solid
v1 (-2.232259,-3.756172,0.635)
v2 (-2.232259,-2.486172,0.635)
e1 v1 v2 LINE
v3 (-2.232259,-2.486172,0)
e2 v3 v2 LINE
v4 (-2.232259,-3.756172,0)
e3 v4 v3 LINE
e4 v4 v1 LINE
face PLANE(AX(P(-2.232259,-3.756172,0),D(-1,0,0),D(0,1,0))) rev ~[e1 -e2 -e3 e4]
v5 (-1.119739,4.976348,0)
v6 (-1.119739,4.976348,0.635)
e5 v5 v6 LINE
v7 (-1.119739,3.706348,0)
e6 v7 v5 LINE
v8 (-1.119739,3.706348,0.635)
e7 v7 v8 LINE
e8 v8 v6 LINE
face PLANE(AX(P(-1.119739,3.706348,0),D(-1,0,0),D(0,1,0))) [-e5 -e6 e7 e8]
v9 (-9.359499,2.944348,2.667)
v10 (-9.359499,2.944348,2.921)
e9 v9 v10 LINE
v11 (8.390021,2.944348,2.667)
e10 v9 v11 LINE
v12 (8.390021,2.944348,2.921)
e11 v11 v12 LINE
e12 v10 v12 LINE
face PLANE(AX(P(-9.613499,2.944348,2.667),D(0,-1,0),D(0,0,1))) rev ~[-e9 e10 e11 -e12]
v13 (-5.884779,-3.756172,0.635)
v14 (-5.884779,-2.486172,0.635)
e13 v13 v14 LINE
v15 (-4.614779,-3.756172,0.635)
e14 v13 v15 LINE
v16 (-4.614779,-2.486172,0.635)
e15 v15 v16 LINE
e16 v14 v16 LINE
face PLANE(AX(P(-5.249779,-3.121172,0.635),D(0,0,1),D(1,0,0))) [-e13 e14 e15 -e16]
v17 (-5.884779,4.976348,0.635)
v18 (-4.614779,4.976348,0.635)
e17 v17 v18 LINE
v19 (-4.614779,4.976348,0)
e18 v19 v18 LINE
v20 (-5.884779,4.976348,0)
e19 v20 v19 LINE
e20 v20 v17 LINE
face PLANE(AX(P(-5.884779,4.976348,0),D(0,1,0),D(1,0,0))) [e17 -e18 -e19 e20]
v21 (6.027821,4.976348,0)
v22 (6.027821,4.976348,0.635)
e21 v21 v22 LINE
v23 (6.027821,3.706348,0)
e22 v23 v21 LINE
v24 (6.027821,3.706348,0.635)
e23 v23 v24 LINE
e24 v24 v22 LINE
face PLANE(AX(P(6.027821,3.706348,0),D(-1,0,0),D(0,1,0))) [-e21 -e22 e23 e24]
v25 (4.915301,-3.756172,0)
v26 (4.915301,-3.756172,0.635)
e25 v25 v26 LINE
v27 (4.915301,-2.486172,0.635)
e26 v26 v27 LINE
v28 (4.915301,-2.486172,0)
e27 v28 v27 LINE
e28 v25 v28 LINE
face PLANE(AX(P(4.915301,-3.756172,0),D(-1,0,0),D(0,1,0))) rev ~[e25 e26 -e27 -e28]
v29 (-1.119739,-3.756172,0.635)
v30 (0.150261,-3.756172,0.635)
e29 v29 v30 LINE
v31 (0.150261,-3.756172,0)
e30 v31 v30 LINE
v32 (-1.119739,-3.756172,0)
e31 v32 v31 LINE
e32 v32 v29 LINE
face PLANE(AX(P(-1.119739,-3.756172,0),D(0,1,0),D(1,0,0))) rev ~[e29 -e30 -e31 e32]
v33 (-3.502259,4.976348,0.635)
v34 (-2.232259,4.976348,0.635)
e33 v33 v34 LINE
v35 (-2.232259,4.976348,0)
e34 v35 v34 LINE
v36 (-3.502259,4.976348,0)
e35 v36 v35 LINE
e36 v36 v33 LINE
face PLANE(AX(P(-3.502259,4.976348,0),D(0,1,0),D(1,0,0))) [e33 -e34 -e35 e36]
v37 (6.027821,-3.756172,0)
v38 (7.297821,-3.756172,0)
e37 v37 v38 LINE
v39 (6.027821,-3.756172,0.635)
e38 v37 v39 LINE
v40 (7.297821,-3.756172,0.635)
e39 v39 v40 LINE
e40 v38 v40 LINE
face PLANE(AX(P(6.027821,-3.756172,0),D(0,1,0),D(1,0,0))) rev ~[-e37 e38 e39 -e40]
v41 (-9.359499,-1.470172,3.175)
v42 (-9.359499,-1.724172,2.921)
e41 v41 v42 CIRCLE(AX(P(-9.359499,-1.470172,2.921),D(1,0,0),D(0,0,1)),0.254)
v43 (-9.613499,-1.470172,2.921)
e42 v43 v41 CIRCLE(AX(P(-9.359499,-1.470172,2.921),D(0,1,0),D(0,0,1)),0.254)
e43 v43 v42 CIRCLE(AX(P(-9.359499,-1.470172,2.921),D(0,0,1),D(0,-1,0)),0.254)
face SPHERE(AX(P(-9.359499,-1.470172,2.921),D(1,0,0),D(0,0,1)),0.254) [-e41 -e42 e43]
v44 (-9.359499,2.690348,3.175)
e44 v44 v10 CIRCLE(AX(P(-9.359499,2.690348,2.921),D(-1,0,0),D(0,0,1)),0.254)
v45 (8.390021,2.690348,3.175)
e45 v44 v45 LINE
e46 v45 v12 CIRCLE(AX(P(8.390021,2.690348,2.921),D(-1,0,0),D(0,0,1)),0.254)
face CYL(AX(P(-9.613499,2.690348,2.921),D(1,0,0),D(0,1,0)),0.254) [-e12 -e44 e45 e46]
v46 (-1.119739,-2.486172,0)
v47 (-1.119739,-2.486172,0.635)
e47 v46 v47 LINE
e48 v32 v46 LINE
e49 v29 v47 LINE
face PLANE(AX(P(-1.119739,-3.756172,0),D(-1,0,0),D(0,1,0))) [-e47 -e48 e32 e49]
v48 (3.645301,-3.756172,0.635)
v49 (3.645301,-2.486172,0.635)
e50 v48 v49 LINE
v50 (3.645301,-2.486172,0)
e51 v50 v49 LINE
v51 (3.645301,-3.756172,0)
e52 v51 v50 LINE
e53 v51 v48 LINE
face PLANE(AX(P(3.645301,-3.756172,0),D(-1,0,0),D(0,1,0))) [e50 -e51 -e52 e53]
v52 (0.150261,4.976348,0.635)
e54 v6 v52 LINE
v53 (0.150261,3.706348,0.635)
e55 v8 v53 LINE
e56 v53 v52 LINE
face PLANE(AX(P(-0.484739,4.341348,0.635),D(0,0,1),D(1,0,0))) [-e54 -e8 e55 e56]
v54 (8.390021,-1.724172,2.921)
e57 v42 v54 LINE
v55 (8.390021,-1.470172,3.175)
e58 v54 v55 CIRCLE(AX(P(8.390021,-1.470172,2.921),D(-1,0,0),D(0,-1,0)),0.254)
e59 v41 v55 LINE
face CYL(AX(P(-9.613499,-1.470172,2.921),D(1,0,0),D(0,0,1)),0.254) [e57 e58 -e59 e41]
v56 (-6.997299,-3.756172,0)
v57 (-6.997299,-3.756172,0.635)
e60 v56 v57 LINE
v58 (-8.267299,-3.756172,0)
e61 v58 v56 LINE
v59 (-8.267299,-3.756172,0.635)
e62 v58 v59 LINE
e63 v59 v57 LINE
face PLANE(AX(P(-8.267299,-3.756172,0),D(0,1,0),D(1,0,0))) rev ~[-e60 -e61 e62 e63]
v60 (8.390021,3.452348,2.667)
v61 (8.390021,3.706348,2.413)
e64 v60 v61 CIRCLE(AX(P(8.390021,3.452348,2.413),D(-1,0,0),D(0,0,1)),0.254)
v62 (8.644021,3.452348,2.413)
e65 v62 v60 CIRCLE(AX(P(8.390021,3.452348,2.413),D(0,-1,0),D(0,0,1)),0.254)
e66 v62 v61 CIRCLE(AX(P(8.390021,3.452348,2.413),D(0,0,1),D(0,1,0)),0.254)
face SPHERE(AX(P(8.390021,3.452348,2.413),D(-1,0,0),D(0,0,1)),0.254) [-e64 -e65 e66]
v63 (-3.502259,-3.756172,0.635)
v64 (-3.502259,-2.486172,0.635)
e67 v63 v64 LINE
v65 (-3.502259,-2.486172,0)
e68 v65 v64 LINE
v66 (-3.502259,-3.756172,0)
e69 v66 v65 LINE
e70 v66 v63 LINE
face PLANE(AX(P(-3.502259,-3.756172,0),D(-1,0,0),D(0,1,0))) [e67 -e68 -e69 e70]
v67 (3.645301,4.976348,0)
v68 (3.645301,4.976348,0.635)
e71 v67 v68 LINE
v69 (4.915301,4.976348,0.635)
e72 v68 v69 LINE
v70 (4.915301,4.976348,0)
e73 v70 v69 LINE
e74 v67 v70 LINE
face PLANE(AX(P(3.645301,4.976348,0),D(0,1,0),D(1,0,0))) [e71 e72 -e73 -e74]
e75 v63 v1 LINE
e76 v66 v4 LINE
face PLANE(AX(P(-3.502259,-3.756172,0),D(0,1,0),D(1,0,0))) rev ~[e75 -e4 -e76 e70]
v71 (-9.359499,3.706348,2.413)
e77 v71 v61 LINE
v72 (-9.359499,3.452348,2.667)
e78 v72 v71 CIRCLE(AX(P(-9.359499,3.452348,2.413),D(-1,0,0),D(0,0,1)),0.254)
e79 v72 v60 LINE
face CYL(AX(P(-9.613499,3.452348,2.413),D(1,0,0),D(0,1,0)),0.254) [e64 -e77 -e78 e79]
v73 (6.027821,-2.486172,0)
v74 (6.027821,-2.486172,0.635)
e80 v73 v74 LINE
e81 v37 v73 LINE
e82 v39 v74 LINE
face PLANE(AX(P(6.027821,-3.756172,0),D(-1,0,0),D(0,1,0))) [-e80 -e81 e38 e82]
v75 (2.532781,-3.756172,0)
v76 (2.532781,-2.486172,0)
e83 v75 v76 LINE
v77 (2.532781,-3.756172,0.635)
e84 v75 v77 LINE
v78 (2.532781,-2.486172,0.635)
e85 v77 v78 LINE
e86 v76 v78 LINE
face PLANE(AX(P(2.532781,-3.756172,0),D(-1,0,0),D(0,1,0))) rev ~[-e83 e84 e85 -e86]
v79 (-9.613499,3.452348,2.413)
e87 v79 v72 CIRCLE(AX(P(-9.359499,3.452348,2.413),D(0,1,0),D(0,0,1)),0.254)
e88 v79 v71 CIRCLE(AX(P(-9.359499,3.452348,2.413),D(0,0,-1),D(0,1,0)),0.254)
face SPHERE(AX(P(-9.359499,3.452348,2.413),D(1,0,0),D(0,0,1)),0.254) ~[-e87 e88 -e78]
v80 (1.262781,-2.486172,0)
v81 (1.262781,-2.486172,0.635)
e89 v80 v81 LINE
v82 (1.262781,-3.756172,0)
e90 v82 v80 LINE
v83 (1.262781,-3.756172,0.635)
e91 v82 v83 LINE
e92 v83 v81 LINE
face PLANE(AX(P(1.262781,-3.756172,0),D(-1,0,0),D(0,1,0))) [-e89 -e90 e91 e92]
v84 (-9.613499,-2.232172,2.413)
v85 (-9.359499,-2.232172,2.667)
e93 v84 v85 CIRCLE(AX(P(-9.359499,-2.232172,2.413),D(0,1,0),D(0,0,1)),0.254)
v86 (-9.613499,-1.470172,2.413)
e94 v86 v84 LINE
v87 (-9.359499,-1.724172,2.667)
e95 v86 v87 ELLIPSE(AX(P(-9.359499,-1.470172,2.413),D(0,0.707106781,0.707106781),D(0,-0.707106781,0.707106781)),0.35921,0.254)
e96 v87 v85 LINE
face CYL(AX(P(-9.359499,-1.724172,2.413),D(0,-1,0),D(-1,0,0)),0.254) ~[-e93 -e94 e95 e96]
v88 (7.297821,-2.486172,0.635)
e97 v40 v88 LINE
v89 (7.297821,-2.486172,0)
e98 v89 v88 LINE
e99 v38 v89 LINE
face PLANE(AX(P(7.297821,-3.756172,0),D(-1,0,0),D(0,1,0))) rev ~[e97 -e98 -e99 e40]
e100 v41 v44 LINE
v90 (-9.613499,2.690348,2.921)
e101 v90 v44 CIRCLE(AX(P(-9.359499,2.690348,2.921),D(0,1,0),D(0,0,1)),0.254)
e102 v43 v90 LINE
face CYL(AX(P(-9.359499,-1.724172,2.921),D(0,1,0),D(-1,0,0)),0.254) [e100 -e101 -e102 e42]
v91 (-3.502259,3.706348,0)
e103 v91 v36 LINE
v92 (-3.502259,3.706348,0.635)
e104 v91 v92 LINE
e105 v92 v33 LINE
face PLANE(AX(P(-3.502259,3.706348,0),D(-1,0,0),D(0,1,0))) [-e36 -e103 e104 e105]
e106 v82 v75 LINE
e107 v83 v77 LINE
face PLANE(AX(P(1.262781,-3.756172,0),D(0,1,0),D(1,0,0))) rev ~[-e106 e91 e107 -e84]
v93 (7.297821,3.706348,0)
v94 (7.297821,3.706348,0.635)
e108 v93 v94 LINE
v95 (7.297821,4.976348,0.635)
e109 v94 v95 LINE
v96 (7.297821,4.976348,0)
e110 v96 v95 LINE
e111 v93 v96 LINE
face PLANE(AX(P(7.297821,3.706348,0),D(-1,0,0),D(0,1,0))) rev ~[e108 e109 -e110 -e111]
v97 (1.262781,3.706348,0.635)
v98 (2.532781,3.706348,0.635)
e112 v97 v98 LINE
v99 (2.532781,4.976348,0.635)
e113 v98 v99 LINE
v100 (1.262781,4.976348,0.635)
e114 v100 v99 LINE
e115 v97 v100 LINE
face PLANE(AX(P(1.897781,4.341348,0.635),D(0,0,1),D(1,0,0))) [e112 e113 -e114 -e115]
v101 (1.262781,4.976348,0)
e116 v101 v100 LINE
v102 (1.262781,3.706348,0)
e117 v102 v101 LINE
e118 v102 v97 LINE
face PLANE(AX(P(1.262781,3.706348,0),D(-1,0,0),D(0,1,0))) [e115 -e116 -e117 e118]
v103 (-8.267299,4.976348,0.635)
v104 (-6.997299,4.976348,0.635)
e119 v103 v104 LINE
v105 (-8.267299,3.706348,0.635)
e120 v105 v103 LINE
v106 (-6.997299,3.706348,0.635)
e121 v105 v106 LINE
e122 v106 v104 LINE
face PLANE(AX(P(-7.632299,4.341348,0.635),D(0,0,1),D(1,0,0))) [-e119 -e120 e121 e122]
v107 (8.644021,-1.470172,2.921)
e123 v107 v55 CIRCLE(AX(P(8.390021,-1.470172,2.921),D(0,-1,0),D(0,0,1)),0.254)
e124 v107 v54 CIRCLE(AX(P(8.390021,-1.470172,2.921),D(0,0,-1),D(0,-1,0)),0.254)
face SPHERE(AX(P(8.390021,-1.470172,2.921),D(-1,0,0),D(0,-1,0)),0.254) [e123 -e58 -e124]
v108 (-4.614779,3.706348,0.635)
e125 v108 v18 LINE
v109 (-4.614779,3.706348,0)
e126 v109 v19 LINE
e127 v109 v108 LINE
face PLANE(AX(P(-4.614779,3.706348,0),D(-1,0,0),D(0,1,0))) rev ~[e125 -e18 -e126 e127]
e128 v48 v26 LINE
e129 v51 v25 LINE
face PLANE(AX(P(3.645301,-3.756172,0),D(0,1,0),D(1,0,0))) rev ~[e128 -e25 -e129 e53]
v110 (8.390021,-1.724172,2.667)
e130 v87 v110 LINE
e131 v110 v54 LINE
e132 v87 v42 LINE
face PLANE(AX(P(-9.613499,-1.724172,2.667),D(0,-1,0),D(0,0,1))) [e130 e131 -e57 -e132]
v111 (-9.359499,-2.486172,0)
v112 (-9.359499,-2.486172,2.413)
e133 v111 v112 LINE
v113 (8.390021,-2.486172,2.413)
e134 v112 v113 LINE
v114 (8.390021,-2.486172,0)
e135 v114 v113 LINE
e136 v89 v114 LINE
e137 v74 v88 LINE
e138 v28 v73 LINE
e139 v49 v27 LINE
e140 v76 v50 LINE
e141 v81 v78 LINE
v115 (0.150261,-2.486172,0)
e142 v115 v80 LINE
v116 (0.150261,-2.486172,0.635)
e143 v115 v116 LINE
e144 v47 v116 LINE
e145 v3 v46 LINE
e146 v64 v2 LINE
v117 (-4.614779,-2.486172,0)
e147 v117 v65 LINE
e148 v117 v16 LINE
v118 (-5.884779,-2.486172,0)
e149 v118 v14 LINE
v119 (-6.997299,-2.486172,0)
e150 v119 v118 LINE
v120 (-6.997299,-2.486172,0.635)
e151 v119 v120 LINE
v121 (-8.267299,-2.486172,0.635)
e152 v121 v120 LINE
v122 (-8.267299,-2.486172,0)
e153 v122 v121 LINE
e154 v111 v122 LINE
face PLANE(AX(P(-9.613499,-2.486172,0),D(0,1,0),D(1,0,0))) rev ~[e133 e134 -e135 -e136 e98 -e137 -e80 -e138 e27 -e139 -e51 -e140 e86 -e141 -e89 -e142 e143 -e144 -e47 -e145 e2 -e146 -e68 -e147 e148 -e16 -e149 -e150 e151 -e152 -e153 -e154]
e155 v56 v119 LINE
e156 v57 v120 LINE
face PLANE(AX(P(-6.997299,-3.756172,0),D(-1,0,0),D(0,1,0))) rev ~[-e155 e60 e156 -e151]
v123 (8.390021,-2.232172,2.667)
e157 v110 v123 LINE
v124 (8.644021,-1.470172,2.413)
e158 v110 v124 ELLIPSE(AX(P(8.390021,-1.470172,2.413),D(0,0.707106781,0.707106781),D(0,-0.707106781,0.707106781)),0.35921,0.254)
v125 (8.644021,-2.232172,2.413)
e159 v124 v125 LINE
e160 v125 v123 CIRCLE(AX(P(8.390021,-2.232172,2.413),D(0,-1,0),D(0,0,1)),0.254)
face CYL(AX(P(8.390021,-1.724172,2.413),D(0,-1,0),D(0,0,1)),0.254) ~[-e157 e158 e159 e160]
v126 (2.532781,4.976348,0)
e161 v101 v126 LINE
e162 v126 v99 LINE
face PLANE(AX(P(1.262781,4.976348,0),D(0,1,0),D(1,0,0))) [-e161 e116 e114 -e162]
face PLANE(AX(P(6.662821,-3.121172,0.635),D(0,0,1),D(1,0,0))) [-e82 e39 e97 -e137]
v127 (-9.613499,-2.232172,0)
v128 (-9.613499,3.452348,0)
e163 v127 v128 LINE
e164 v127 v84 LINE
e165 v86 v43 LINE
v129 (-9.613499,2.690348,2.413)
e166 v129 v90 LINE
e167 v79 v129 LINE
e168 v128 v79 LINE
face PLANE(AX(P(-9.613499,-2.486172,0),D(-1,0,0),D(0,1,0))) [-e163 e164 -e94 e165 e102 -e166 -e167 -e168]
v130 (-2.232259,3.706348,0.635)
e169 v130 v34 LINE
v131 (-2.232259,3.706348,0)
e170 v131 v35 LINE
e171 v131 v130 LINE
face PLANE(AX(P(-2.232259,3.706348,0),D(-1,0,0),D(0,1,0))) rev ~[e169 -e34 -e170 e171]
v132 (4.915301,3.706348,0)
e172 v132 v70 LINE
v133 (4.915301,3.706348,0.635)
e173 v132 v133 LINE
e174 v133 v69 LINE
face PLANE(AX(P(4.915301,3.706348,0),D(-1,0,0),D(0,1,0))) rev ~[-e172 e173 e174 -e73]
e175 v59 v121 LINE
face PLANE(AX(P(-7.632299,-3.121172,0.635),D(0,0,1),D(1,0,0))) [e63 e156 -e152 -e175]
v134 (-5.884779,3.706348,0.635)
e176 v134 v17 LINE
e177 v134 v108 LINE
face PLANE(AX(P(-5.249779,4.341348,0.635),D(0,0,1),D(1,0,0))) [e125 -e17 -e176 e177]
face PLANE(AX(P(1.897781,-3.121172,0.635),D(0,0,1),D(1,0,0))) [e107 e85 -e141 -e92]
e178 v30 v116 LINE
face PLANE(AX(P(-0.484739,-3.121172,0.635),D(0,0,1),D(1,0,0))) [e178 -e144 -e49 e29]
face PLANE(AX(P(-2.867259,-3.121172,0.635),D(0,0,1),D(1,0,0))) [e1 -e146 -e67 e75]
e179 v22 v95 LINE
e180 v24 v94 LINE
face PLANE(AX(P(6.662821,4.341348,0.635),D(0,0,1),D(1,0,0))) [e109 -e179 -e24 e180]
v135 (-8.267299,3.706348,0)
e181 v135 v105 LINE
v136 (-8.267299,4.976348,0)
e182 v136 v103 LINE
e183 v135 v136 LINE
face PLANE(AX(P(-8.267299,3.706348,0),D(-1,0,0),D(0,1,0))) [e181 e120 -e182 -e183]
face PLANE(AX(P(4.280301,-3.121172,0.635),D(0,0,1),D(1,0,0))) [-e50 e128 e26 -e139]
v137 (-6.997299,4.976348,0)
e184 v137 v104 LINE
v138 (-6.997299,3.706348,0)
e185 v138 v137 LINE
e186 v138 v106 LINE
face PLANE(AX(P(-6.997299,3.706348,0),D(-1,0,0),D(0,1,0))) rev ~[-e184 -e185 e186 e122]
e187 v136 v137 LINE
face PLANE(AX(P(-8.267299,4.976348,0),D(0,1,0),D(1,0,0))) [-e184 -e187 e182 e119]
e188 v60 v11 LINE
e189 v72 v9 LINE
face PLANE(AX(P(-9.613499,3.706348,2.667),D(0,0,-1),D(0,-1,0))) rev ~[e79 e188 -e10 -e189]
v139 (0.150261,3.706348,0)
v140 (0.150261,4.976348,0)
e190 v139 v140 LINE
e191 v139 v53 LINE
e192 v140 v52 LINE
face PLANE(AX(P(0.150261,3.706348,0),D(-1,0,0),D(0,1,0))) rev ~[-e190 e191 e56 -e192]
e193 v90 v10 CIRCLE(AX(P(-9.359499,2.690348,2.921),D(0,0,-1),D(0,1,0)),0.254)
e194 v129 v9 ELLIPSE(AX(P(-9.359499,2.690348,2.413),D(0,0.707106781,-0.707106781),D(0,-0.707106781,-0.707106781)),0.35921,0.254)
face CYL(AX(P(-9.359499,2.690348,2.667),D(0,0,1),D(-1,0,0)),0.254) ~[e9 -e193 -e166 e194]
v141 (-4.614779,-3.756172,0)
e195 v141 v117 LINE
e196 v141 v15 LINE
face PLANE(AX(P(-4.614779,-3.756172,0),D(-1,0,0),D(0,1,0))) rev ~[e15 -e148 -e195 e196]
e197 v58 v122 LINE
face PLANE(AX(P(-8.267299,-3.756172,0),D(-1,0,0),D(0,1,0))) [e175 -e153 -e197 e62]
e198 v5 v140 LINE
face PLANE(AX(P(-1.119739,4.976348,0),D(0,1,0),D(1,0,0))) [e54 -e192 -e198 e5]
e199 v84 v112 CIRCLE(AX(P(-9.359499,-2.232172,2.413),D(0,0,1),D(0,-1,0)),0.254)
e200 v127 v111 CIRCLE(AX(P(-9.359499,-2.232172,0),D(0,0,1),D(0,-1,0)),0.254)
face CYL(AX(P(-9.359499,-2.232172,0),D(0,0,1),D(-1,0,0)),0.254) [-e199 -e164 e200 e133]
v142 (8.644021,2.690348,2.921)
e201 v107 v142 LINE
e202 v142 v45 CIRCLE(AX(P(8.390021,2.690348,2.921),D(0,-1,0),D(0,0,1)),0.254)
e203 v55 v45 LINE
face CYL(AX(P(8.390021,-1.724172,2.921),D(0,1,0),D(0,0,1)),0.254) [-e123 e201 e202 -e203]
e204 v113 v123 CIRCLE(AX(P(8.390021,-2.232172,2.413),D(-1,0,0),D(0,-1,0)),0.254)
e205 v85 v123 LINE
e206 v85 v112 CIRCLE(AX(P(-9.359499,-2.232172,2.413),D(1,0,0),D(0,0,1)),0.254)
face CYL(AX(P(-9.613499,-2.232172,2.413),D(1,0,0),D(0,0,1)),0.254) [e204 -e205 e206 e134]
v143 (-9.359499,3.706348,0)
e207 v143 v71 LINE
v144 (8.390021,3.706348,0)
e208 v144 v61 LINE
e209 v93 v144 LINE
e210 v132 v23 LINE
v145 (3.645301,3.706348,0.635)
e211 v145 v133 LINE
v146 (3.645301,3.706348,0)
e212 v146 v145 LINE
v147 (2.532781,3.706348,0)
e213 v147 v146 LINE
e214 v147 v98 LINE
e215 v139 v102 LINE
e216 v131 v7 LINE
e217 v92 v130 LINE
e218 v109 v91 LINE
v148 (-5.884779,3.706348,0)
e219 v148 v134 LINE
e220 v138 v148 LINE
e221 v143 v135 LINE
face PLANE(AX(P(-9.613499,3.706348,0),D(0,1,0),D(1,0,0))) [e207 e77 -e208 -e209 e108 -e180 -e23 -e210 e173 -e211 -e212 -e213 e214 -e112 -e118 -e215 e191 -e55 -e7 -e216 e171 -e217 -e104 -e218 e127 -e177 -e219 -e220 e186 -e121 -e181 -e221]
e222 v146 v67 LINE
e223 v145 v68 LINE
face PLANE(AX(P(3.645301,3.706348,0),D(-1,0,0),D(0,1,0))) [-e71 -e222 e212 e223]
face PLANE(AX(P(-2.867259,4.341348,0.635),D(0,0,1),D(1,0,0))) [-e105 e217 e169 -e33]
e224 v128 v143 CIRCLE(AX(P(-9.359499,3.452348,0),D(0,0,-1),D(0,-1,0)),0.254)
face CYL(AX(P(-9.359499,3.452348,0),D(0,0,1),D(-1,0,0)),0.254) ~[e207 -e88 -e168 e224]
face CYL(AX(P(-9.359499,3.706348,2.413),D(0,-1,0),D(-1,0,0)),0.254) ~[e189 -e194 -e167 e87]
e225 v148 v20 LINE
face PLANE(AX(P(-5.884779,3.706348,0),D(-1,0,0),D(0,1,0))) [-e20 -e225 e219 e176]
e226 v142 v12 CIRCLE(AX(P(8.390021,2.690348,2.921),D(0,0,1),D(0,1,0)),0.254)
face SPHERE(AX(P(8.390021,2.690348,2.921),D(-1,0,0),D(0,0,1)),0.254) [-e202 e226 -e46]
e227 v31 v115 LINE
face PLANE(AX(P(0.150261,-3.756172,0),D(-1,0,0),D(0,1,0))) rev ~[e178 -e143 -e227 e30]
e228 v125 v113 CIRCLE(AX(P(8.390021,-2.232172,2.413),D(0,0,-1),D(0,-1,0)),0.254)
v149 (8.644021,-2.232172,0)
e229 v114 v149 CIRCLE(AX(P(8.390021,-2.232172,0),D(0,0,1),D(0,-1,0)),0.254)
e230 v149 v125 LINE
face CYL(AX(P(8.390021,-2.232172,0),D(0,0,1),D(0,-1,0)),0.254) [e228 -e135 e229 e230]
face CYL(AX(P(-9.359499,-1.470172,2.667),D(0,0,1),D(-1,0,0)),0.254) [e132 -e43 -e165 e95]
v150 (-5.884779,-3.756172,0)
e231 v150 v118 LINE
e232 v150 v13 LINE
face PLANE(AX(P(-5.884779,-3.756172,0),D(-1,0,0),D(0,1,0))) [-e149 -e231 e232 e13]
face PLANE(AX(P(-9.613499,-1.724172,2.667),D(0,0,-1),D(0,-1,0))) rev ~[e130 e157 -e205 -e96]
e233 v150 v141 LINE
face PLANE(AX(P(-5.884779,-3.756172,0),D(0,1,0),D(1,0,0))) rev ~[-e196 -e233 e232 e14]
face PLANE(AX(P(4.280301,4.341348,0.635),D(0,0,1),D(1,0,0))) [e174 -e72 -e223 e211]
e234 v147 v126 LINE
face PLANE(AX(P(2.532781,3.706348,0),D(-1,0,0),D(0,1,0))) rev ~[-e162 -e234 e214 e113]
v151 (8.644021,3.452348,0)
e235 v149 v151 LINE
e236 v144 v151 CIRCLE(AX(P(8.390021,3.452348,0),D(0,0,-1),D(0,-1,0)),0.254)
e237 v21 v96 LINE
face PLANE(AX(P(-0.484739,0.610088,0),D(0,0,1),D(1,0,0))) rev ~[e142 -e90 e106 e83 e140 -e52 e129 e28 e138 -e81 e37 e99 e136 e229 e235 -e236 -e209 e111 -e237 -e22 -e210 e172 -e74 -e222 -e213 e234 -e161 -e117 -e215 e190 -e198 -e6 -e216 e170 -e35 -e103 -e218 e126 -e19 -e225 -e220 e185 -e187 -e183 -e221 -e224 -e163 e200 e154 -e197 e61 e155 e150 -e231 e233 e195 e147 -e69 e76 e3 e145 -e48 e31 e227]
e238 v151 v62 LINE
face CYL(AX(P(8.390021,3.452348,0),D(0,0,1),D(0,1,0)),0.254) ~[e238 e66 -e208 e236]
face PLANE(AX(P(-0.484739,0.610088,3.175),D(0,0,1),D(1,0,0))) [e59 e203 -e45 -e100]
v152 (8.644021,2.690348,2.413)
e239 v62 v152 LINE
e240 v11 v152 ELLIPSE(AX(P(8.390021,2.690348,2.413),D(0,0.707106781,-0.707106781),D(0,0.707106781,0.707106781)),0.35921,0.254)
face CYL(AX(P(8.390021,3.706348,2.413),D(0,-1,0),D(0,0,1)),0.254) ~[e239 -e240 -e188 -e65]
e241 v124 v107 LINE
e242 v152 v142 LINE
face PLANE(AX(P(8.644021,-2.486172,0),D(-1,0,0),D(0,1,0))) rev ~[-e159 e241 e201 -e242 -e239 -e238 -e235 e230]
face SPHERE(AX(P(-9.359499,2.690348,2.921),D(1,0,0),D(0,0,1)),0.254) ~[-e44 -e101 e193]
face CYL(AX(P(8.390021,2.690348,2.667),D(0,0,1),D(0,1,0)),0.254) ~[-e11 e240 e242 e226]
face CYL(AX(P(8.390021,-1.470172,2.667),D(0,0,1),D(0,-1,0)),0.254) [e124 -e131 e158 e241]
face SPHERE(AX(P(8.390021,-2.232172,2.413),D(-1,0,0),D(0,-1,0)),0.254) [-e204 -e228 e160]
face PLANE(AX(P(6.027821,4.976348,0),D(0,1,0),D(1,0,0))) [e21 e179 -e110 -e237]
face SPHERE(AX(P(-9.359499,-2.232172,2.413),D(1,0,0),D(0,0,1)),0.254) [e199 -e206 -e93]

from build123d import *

# Parameters (mm, degrees)
F0_W     = 18.25752
F0_H     = 6.19252
F1_DEPTH = 3.175
F2_W     = 1.27
F2_H     = 1.27
F3_DEPTH = 0.635
F5_W     = 0.762
F5_H     = 0.508
F6_DEPTH = 25.4
F7_R     = 0.254


with BuildPart() as f1:
    # F0 (on Top) → F1 (new body)
    with BuildSketch(Plane.XY):
        with Locations((-0.4847390454, 0.6100881006)):
            Rectangle(F0_W, F0_H)
    extrude(amount=F1_DEPTH)

    # F2 (on Top) → F3 (join)
    with BuildSketch(Plane.XY):
        with Locations((-7.6322990454, 4.3413481006)):
            Rectangle(F2_W, F2_H)
        with Locations((-5.2497790454, 4.3413481006)):
            Rectangle(F2_W, F2_H)
        with Locations((-2.8672590454, 4.3413481006)):
            Rectangle(F2_W, F2_H)
        with Locations((-0.4847390454, 4.3413481006)):
            Rectangle(F2_W, F2_H)
        with Locations((1.8977809546, 4.3413481006)):
            Rectangle(F2_W, F2_H)
        with Locations((4.2803009546, 4.3413481006)):
            Rectangle(F2_W, F2_H)
        with Locations((6.6628209546, 4.3413481006)):
            Rectangle(F2_W, F2_H)
        with Locations((-7.6322990454, -3.1211718994)):
            Rectangle(F2_W, F2_H)
        with Locations((-5.2497790454, -3.1211718994)):
            Rectangle(F2_W, F2_H)
        with Locations((-2.8672590454, -3.1211718994)):
            Rectangle(F2_W, F2_H)
        with Locations((-0.4847390454, -3.1211718994)):
            Rectangle(F2_W, F2_H)
        with Locations((1.8977809546, -3.1211718994)):
            Rectangle(F2_W, F2_H)
        with Locations((4.2803009546, -3.1211718994)):
            Rectangle(F2_W, F2_H)
        with Locations((6.6628209546, -3.1211718994)):
            Rectangle(F2_W, F2_H)
    extrude(amount=F3_DEPTH)

    # F5 (on face) → F6 (cut)
    with BuildSketch(Plane(origin=(-9.6134990454, 0, 0), x_dir=(0, -1, 0), z_dir=(-1, 0, 0))):
        with Locations((-3.3253481006, 2.921)):
            Rectangle(F5_W, F5_H)
        with Locations((2.1051718994, 2.921)):
            Rectangle(F5_W, F5_H)
    extrude(amount=-F6_DEPTH, mode=Mode.SUBTRACT)

    # F7
    f7_edges = [f1.edges().sort_by_distance(p)[0] for p in [
        (-0.484739, 3.706348, 2.667),
        (-0.484739, 2.944348, 3.175),
        (-0.484739, -1.724172, 3.175),
        (-0.484739, -2.486172, 2.667),
        (-9.613499, 0.610088, 3.175),
        (-9.613499, -1.724172, 2.921),
        (-9.613499, -2.105172, 2.667),
        (-9.613499, -2.486172, 1.3335),
        (-9.613499, 3.325348, 2.667),
        (-9.613499, 2.944348, 2.921),
        (-9.613499, 3.706348, 1.3335),
        (8.644021, -2.486172, 1.3335),
        (8.644021, -2.105172, 2.667),
        (8.644021, -1.724172, 2.921),
        (8.644021, 0.610088, 3.175),
        (8.644021, 2.944348, 2.921),
        (8.644021, 3.325348, 2.667),
        (8.644021, 3.706348, 1.3335),
    ]]
    fillet(f7_edges, radius=F7_R)


solid = f1.part
